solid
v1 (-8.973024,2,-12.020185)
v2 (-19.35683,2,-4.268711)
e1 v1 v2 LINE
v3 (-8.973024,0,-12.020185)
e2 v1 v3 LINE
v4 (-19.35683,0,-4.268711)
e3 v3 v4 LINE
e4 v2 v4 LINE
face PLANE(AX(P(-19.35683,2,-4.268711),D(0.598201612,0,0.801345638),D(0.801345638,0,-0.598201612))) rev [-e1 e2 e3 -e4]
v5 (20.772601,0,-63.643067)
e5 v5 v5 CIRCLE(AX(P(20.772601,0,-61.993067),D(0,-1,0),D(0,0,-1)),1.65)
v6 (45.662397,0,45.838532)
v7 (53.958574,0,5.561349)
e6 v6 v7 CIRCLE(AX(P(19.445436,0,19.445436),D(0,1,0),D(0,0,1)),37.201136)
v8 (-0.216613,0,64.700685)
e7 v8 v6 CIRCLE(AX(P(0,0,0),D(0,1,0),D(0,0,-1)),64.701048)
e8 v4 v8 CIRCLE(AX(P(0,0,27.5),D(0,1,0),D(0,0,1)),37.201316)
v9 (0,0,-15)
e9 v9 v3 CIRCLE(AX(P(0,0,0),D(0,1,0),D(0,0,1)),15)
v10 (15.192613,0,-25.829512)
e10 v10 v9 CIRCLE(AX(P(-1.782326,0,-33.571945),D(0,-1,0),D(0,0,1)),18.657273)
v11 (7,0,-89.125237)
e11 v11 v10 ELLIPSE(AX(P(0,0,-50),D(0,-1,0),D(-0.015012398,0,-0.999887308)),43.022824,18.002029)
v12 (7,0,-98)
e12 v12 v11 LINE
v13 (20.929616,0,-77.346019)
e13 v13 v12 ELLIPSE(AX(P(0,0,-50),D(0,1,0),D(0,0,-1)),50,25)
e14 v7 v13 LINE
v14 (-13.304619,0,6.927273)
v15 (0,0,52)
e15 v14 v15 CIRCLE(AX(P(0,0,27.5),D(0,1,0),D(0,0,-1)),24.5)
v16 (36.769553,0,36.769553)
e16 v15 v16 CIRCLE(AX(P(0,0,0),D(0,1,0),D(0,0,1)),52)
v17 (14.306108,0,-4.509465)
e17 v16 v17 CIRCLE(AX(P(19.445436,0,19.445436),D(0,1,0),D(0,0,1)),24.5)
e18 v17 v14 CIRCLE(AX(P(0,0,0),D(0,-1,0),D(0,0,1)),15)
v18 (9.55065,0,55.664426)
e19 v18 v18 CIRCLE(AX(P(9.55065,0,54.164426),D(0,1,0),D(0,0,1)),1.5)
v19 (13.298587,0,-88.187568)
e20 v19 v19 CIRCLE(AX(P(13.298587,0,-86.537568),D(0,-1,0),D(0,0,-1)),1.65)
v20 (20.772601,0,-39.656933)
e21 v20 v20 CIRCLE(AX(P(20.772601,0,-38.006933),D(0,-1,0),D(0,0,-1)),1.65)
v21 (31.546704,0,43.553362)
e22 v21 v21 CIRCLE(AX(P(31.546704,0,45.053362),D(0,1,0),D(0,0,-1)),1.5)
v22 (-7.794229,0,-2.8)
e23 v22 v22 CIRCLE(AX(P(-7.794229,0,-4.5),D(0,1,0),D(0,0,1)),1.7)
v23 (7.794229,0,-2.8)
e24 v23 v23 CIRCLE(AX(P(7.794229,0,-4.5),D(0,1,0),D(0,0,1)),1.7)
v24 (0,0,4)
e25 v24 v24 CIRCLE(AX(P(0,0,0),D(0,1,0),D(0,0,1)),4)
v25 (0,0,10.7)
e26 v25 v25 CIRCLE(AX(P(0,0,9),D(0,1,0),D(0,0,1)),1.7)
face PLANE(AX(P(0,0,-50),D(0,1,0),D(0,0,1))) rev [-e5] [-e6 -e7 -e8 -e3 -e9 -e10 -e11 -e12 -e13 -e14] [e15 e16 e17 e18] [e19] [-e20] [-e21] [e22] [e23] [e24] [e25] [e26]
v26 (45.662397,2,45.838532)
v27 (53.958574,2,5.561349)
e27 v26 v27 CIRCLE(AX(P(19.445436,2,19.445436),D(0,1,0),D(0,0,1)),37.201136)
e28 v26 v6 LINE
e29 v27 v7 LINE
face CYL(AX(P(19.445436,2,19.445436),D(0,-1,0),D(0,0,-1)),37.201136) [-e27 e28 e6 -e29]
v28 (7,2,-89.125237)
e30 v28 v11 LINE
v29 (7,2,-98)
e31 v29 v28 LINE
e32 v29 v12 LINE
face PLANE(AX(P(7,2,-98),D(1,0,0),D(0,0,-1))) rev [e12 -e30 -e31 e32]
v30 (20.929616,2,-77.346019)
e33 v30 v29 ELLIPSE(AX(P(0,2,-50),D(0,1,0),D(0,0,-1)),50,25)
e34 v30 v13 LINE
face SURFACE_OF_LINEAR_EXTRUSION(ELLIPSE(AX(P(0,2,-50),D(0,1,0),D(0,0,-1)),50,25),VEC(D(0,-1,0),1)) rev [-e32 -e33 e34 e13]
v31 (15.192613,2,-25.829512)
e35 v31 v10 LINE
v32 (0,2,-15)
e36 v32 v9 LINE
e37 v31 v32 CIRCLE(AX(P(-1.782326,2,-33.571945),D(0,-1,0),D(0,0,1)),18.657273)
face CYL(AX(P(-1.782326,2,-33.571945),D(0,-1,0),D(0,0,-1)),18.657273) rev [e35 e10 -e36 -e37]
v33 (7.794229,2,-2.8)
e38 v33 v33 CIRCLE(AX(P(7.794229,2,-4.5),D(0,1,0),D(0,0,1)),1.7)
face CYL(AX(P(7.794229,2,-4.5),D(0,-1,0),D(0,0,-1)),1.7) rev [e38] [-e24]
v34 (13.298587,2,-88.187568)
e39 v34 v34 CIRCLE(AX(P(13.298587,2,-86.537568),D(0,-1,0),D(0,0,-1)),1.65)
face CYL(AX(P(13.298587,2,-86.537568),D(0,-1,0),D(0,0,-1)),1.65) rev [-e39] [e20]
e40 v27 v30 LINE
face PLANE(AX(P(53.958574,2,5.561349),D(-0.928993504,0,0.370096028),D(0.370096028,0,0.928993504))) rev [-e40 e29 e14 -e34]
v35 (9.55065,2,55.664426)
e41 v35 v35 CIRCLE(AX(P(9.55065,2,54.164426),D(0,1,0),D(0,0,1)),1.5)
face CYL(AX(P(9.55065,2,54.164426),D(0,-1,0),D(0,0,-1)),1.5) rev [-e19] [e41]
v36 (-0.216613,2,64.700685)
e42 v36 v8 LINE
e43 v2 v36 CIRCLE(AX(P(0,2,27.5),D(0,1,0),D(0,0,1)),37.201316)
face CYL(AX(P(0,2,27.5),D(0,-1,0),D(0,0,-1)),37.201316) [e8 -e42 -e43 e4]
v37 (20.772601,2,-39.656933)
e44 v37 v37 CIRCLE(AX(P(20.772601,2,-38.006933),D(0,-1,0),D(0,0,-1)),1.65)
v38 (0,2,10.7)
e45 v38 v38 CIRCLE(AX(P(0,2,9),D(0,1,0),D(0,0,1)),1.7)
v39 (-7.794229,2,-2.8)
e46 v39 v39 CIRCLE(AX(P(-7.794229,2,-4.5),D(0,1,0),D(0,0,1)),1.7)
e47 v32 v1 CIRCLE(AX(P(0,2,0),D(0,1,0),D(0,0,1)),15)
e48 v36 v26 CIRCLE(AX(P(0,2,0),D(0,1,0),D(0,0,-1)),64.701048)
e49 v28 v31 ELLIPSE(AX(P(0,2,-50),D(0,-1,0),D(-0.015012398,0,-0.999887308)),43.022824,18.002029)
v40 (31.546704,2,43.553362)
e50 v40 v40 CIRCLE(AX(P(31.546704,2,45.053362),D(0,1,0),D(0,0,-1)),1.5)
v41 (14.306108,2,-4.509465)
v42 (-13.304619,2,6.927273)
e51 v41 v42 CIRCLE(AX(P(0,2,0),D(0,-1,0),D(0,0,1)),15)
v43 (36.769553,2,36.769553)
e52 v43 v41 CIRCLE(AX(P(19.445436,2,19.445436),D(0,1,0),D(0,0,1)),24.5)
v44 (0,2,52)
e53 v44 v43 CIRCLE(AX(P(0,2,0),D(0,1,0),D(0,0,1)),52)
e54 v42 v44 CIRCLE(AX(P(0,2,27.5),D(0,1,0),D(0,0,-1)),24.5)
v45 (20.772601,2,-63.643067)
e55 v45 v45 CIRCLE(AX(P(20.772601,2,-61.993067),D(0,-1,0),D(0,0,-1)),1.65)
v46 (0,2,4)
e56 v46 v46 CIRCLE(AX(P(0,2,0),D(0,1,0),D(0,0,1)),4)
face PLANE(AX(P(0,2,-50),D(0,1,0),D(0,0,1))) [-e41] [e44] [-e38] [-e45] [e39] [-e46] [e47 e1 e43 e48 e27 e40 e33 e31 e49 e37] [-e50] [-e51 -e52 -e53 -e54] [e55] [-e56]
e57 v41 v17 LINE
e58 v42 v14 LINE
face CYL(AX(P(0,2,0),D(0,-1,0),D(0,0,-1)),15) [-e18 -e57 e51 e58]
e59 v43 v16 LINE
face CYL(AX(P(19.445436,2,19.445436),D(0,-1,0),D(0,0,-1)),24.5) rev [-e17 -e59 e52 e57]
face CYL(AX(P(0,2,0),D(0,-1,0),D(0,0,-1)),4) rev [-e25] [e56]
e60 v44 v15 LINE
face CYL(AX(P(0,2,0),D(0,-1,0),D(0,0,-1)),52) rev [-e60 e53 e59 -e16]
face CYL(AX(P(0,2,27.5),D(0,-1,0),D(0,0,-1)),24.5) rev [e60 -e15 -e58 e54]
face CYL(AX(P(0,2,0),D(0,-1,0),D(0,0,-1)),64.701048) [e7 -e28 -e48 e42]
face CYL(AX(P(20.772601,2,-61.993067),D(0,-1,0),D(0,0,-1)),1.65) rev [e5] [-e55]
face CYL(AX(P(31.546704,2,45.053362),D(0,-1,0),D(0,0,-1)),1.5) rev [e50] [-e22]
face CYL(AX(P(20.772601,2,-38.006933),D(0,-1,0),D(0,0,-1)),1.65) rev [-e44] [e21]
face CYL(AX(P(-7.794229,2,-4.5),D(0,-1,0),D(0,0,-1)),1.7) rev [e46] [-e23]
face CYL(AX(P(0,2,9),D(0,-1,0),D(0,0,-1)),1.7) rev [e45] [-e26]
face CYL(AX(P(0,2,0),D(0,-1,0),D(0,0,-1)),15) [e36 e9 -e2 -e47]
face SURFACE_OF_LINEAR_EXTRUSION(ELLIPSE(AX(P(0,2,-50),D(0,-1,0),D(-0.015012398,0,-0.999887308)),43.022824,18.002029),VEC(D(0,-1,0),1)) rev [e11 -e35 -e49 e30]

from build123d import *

# Parameters (mm, degrees)
SKETCH_1_R          = 1.5
SKETCH_1_R_2        = 4
SKETCH_1_R_3        = 1.7
EXTRUDE_1_DEPTH     = 2
SKETCH_2_R          = 1.65
CUT_EXTRUDE_1_DEPTH = 114.211457996


with BuildPart() as part:
    # Эскиз1 → Бобышка-Вытянуть1 (new body)
    with BuildSketch(Plane(origin=(0, 0, 0), x_dir=(1, 0, 0), z_dir=(0, 1, 0))):
        with BuildLine():
            Line((53.958573959, -5.561349479), (20.929615764, 77.346018647))
            add(Edge.make_bspline(
                [(20.929615764, 77.346018647), (15.874013102, 92.823492357), (7, 98)],
                knots=[5.291070227, 5.291070227, 5.291070227, 5.999391198, 5.999391198, 5.999391198], degree=2, weights=[1, 0.937937966, 1]))
            Line((7, 98), (7, 89.125236548))
            add(Edge.make_bspline(
                [(15.192612979, 25.829512169), (26.645146253, 67.955139718), (7, 89.125236548)],
                knots=[4.109476107, 4.109476107, 4.109476107, 5.848164932, 5.848164932, 5.848164932], degree=2, weights=[1, 0.645327493, 1]))
            ThreePointArc((15.192612979, 25.829512169), (9.04718601, 18.379331895), (0, 15))
            ThreePointArc((0, 15), (-4.727432256, 14.235567578), (-8.97302418, 12.020184569))
            Line((-8.97302418, 12.020184569), (-19.356829743, 4.268711381))
            ThreePointArc((-19.356829743, 4.268711381), (-35.846538498, -37.448042935), (-0.216613019, -64.70068493))
            ThreePointArc((-0.216613019, -64.70068493), (24.602337984, -59.841043752), (45.662397444, -45.83853195))
            ThreePointArc((45.662397444, -45.83853195), (55.881669425, -26.950465422), (53.958573959, -5.561349479))
        make_face()
        with Locations(Location((9.550649772, -54.164426416, 0), (0, 0, 270))):
            Circle(SKETCH_1_R, mode=Mode.SUBTRACT)
        with Locations(Location((31.546703999, -45.053362436, 0), (0, 0, 90))):
            Circle(SKETCH_1_R, mode=Mode.SUBTRACT)
        with Locations(Location((0, 0, 0), (0, 0, 270))):
            Circle(SKETCH_1_R_2, mode=Mode.SUBTRACT)
        with Locations(Location((0, -9, 0), (0, 0, 270))):
            Circle(SKETCH_1_R_3, mode=Mode.SUBTRACT)
        with Locations(Location((-7.794228634, 4.5, 0), (0, 0, 270))):
            Circle(SKETCH_1_R_3, mode=Mode.SUBTRACT)
        with Locations(Location((7.794228634, 4.5, 0), (0, 0, 270))):
            Circle(SKETCH_1_R_3, mode=Mode.SUBTRACT)
        with BuildLine():
            ThreePointArc((0, -52), (19.899538483, -48.041735691), (36.769552622, -36.769552622))
            ThreePointArc((36.769552622, -36.769552622), (40.965347854, -7.734611808), (14.306107991, 4.50946495))
            ThreePointArc((14.306107991, 4.50946495), (10.606601718, -10.606601718), (-4.50946495, -14.306107991))
            ThreePointArc((-4.50946495, -14.306107991), (-9.64091288, -11.491422838), (-13.304619219, -6.927272727))
            ThreePointArc((-13.304619219, -6.927272727), (-23.497678802, -34.43607172), (0, -52))
        make_face(mode=Mode.SUBTRACT)
    extrude(amount=EXTRUDE_1_DEPTH)

    # Эскиз2 → Вырез-Вытянуть1 (cut, through all)
    with BuildSketch(Plane.XZ):
        with Locations(Location((20.772601242, -38.006933081, 0), (0, 0, 270))):
            Circle(SKETCH_2_R)
        with Locations(Location((13.298587158, -86.537567928, 0), (0, 0, 270))):
            Circle(SKETCH_2_R)
        with Locations(Location((20.772601242, -61.993066919, 0), (0, 0, 270))):
            Circle(SKETCH_2_R)
    extrude(amount=-CUT_EXTRUDE_1_DEPTH, mode=Mode.SUBTRACT)


solid = part.part
